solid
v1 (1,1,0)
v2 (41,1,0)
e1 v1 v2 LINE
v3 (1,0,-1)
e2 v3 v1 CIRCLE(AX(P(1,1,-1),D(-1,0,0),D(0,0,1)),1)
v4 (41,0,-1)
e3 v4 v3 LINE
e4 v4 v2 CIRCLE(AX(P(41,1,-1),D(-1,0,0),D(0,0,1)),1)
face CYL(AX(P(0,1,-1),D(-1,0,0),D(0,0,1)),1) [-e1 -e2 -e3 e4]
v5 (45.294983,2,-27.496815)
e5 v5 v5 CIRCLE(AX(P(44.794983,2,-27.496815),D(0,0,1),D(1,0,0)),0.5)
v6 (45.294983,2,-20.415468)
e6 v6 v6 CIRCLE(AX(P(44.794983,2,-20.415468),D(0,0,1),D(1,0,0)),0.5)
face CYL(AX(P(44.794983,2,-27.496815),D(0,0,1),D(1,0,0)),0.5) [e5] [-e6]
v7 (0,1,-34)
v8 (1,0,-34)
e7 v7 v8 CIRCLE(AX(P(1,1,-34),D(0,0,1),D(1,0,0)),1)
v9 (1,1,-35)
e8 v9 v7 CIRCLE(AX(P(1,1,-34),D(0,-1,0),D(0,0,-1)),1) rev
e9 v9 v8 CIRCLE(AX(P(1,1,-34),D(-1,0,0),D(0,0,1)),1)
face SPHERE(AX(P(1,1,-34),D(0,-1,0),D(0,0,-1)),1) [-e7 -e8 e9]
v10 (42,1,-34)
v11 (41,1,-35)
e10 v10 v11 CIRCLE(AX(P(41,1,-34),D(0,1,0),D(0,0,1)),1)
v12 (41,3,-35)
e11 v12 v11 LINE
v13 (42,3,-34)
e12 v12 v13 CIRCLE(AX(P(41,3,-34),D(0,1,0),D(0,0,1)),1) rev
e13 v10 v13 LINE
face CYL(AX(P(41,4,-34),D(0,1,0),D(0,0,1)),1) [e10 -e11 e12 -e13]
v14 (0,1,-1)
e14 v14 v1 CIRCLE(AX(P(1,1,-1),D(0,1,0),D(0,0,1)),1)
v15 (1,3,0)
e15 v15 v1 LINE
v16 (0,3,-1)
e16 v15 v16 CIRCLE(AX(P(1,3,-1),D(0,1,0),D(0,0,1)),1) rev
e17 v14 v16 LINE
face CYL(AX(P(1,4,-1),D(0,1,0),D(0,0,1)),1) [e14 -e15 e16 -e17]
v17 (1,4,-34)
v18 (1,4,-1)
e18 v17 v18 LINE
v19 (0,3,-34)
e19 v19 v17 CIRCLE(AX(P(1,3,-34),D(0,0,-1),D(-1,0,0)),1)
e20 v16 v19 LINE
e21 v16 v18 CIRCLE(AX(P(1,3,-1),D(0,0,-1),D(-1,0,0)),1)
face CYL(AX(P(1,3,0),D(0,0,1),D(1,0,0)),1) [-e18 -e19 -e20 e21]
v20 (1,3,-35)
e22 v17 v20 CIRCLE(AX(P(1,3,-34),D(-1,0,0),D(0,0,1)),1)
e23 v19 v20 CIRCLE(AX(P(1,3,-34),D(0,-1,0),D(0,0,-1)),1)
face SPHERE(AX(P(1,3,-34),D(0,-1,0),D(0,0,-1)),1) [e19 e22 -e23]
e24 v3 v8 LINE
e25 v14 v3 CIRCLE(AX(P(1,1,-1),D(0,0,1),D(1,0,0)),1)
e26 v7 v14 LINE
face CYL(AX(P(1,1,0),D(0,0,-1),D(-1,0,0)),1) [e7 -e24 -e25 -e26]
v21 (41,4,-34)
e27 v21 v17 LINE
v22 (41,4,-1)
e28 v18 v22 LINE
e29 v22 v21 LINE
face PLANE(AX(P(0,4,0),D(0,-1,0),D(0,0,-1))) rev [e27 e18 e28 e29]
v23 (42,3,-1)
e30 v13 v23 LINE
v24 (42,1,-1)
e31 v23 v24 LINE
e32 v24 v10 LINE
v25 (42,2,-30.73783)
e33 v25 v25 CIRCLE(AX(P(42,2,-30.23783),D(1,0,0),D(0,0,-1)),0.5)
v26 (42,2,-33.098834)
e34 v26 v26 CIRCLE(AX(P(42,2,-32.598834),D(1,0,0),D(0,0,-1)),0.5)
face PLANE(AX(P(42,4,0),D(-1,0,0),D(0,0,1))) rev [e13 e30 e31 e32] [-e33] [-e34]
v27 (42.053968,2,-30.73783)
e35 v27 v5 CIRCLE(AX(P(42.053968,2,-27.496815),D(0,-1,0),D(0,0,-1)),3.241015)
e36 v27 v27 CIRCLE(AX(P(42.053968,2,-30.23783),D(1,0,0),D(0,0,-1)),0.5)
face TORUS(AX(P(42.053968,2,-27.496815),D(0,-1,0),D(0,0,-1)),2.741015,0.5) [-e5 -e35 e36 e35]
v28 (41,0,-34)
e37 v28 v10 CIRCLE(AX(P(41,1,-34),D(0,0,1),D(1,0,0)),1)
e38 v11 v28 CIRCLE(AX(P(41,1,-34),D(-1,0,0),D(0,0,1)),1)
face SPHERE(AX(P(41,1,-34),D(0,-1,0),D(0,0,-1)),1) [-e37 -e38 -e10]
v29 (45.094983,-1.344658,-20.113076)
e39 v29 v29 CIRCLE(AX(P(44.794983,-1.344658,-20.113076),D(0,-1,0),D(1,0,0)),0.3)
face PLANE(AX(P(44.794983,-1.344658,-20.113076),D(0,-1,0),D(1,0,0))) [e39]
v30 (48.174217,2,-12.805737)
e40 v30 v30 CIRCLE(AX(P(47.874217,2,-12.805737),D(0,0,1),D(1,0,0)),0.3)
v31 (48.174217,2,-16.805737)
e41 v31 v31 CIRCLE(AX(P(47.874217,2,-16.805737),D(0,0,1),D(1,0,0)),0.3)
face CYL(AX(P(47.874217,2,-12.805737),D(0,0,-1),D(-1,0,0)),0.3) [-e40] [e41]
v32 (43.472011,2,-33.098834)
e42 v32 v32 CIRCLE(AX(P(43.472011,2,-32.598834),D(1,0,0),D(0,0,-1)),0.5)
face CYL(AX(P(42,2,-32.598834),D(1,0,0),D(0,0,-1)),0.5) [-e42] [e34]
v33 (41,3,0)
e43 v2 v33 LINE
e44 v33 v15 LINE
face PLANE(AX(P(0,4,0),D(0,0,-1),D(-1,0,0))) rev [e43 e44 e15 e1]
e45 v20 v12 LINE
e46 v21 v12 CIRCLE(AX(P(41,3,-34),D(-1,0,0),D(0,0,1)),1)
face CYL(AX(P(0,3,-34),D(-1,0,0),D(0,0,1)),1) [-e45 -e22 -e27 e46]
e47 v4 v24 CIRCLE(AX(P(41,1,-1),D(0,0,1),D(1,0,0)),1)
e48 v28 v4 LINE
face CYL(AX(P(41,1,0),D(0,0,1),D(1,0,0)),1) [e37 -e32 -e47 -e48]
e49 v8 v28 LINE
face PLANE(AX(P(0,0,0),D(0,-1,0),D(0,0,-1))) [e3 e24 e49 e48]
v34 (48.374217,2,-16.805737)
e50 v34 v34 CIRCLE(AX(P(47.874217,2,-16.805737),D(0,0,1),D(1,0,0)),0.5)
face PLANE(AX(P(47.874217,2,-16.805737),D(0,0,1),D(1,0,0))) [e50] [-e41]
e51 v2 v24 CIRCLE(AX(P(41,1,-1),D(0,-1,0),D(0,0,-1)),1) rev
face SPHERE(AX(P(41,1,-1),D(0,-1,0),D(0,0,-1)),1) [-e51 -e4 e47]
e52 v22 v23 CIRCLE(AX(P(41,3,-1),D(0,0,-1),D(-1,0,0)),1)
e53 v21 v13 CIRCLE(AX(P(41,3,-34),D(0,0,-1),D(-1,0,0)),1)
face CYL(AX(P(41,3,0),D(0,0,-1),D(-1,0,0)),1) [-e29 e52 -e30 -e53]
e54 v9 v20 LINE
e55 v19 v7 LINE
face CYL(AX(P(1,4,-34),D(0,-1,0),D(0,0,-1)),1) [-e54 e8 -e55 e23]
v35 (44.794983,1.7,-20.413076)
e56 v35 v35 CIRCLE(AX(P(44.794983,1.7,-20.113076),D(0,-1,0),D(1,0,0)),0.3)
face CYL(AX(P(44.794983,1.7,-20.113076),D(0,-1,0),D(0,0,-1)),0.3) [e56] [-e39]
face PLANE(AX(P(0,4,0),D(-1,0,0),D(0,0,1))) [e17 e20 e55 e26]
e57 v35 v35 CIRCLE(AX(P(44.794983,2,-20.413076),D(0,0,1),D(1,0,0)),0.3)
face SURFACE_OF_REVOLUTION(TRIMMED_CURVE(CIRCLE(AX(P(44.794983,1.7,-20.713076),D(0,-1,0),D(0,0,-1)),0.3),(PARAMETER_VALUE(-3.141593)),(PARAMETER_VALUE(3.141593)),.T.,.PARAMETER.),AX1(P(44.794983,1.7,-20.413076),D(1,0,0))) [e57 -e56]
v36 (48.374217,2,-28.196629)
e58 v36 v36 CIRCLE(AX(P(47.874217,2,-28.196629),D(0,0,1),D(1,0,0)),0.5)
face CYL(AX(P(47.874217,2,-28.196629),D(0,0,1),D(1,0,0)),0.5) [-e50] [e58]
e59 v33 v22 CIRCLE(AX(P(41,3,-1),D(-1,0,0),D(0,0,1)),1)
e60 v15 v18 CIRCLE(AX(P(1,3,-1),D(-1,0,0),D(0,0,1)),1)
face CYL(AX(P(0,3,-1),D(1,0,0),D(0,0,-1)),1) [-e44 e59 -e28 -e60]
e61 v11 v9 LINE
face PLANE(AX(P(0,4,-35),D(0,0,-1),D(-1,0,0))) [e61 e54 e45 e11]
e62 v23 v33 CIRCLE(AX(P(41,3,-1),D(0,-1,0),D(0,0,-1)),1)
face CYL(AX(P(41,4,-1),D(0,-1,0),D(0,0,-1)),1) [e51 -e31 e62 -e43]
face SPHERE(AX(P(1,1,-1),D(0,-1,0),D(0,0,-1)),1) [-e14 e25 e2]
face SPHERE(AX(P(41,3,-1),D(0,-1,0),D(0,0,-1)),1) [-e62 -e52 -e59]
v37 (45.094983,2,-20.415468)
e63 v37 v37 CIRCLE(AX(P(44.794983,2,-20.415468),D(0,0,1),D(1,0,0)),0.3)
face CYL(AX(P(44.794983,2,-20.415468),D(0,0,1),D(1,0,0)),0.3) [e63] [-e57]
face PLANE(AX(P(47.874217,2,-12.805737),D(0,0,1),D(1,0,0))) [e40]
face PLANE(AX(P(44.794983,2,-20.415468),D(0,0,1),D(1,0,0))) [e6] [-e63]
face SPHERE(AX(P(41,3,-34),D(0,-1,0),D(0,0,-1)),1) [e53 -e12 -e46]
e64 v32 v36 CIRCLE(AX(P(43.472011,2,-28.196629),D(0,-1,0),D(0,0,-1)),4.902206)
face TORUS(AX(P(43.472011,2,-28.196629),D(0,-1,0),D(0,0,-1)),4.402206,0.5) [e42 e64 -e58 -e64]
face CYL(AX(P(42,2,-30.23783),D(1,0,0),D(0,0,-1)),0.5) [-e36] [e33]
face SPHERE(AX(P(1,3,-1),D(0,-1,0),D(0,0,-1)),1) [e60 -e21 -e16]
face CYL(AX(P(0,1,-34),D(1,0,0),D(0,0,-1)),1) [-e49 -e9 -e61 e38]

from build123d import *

# Parameters (mm, degrees)
SKETCH1_W           = 42
SKETCH1_H           = 35
BOSS_EXTRUDE1_DEPTH = 4
FILLET1_R           = 1
FILLET2_R           = 1
SKETCH2_R           = 0.5
SKETCH5_R           = 0.5
SKETCH10_R          = 0.3
SKETCH13_R          = 0.3
BOSS_EXTRUDE2_DEPTH = 4


with BuildPart() as part:
    # Sketch1 → Boss-Extrude1 (new body)
    with BuildSketch(Plane(origin=(0, 0, 0), x_dir=(1, 0, 0), z_dir=(0, 1, 0))):
        with Locations((21, 17.5)):
            Rectangle(SKETCH1_W, SKETCH1_H)
    extrude(amount=BOSS_EXTRUDE1_DEPTH)

    # Fillet1
    fillet1_edges = [part.edges().sort_by_distance(p)[0] for p in [
        (0, 2, 0),
        (42, 2, 0),
        (42, 2, -35),
        (0, 2, -35),
    ]]
    fillet(fillet1_edges, radius=FILLET1_R)

    # Fillet2
    fillet2_edges = [part.edges().sort_by_distance(p)[0] for p in [
        (42, 0, -17.5),
        (42, 4, -17.5),
        (0, 0, -17.5),
        (21, 0, -35),
        (21, 0, 0),
        (0.292893219, 0, -0.292893219),
        (0.292893219, 0, -34.707106781),
        (41.707106781, 0, -34.707106781),
        (41.707106781, 0, -0.292893219),
        (21, 4, 0),
        (0, 4, -17.5),
        (21, 4, -35),
        (0.292893219, 4, -0.292893219),
        (0.292893219, 4, -34.707106781),
        (41.707106781, 4, -34.707106781),
        (41.707106781, 4, -0.292893219),
    ]]
    fillet(fillet2_edges, radius=FILLET2_R)

    # Sweep2: sweep along a path in Sketch4
    with BuildLine(Plane(origin=(0, 0, 0), x_dir=(1, 0, 0), z_dir=(0, 1, 0))) as sweep2_path:
        Line((42, 32.598834146), (43.472011027, 32.598834146))
        ThreePointArc((43.472011027, 32.598834146), (46.584840442, 31.309457985), (47.874216603, 28.19662857))
        Line((47.874216603, 28.19662857), (47.874216603, 16.805737351))
    # Sketch2 → Sweep2 (sweep)
    with BuildSketch(Plane(origin=(42, 0, 0), x_dir=(0, 0, -1), z_dir=(1, 0, 0))):
        with Locations((32.598834146, 2)):
            Circle(SKETCH2_R)
    sweep(path=sweep2_path.line)

    # Sweep3: sweep along a path in Sketch6
    with BuildLine(Plane(origin=(0, 0, 0), x_dir=(1, 0, 0), z_dir=(0, 1, 0))) as sweep3_path:
        Line((42, 30.237830041), (42.053967758, 30.237830041))
        ThreePointArc((42.053967758, 30.237830041), (43.992158066, 29.435005329), (44.794982779, 27.49681502))
        Line((44.794982779, 27.49681502), (44.794982779, 20.415467716))
    # Sketch5 → Sweep3 (sweep)
    with BuildSketch(Plane(origin=(42, 0, 0), x_dir=(0, 0, -1), z_dir=(1, 0, 0))):
        with Locations((30.237830041, 2)):
            Circle(SKETCH5_R)
    sweep(path=sweep3_path.line)

    # Sweep5: sweep along a path in Sketch12
    with BuildLine(Plane(origin=(44.828772476, 0, 0), x_dir=(0, 0, -1), z_dir=(1, 0, 0))) as sweep5_path:
        Line((20.415467716, 2), (20.413075866, 2))
        ThreePointArc((20.413075866, 2), (20.200943832, 1.912132034), (20.113075866, 1.7))
        Line((20.113075866, 1.7), (20.113075866, -1.34465824))
    # Sketch10 → Sweep5 (sweep)
    with BuildSketch(Plane.XY.offset(-20.415467716)):
        with Locations((44.794982779, 2)):
            Circle(SKETCH10_R)
    sweep(path=sweep5_path.line)

    # Sketch13 → Boss-Extrude2 (add)
    with BuildSketch(Plane.XY.offset(-16.805737351)):
        with Locations((47.874216603, 2)):
            Circle(SKETCH13_R)
    extrude(amount=BOSS_EXTRUDE2_DEPTH)


solid = part.part
